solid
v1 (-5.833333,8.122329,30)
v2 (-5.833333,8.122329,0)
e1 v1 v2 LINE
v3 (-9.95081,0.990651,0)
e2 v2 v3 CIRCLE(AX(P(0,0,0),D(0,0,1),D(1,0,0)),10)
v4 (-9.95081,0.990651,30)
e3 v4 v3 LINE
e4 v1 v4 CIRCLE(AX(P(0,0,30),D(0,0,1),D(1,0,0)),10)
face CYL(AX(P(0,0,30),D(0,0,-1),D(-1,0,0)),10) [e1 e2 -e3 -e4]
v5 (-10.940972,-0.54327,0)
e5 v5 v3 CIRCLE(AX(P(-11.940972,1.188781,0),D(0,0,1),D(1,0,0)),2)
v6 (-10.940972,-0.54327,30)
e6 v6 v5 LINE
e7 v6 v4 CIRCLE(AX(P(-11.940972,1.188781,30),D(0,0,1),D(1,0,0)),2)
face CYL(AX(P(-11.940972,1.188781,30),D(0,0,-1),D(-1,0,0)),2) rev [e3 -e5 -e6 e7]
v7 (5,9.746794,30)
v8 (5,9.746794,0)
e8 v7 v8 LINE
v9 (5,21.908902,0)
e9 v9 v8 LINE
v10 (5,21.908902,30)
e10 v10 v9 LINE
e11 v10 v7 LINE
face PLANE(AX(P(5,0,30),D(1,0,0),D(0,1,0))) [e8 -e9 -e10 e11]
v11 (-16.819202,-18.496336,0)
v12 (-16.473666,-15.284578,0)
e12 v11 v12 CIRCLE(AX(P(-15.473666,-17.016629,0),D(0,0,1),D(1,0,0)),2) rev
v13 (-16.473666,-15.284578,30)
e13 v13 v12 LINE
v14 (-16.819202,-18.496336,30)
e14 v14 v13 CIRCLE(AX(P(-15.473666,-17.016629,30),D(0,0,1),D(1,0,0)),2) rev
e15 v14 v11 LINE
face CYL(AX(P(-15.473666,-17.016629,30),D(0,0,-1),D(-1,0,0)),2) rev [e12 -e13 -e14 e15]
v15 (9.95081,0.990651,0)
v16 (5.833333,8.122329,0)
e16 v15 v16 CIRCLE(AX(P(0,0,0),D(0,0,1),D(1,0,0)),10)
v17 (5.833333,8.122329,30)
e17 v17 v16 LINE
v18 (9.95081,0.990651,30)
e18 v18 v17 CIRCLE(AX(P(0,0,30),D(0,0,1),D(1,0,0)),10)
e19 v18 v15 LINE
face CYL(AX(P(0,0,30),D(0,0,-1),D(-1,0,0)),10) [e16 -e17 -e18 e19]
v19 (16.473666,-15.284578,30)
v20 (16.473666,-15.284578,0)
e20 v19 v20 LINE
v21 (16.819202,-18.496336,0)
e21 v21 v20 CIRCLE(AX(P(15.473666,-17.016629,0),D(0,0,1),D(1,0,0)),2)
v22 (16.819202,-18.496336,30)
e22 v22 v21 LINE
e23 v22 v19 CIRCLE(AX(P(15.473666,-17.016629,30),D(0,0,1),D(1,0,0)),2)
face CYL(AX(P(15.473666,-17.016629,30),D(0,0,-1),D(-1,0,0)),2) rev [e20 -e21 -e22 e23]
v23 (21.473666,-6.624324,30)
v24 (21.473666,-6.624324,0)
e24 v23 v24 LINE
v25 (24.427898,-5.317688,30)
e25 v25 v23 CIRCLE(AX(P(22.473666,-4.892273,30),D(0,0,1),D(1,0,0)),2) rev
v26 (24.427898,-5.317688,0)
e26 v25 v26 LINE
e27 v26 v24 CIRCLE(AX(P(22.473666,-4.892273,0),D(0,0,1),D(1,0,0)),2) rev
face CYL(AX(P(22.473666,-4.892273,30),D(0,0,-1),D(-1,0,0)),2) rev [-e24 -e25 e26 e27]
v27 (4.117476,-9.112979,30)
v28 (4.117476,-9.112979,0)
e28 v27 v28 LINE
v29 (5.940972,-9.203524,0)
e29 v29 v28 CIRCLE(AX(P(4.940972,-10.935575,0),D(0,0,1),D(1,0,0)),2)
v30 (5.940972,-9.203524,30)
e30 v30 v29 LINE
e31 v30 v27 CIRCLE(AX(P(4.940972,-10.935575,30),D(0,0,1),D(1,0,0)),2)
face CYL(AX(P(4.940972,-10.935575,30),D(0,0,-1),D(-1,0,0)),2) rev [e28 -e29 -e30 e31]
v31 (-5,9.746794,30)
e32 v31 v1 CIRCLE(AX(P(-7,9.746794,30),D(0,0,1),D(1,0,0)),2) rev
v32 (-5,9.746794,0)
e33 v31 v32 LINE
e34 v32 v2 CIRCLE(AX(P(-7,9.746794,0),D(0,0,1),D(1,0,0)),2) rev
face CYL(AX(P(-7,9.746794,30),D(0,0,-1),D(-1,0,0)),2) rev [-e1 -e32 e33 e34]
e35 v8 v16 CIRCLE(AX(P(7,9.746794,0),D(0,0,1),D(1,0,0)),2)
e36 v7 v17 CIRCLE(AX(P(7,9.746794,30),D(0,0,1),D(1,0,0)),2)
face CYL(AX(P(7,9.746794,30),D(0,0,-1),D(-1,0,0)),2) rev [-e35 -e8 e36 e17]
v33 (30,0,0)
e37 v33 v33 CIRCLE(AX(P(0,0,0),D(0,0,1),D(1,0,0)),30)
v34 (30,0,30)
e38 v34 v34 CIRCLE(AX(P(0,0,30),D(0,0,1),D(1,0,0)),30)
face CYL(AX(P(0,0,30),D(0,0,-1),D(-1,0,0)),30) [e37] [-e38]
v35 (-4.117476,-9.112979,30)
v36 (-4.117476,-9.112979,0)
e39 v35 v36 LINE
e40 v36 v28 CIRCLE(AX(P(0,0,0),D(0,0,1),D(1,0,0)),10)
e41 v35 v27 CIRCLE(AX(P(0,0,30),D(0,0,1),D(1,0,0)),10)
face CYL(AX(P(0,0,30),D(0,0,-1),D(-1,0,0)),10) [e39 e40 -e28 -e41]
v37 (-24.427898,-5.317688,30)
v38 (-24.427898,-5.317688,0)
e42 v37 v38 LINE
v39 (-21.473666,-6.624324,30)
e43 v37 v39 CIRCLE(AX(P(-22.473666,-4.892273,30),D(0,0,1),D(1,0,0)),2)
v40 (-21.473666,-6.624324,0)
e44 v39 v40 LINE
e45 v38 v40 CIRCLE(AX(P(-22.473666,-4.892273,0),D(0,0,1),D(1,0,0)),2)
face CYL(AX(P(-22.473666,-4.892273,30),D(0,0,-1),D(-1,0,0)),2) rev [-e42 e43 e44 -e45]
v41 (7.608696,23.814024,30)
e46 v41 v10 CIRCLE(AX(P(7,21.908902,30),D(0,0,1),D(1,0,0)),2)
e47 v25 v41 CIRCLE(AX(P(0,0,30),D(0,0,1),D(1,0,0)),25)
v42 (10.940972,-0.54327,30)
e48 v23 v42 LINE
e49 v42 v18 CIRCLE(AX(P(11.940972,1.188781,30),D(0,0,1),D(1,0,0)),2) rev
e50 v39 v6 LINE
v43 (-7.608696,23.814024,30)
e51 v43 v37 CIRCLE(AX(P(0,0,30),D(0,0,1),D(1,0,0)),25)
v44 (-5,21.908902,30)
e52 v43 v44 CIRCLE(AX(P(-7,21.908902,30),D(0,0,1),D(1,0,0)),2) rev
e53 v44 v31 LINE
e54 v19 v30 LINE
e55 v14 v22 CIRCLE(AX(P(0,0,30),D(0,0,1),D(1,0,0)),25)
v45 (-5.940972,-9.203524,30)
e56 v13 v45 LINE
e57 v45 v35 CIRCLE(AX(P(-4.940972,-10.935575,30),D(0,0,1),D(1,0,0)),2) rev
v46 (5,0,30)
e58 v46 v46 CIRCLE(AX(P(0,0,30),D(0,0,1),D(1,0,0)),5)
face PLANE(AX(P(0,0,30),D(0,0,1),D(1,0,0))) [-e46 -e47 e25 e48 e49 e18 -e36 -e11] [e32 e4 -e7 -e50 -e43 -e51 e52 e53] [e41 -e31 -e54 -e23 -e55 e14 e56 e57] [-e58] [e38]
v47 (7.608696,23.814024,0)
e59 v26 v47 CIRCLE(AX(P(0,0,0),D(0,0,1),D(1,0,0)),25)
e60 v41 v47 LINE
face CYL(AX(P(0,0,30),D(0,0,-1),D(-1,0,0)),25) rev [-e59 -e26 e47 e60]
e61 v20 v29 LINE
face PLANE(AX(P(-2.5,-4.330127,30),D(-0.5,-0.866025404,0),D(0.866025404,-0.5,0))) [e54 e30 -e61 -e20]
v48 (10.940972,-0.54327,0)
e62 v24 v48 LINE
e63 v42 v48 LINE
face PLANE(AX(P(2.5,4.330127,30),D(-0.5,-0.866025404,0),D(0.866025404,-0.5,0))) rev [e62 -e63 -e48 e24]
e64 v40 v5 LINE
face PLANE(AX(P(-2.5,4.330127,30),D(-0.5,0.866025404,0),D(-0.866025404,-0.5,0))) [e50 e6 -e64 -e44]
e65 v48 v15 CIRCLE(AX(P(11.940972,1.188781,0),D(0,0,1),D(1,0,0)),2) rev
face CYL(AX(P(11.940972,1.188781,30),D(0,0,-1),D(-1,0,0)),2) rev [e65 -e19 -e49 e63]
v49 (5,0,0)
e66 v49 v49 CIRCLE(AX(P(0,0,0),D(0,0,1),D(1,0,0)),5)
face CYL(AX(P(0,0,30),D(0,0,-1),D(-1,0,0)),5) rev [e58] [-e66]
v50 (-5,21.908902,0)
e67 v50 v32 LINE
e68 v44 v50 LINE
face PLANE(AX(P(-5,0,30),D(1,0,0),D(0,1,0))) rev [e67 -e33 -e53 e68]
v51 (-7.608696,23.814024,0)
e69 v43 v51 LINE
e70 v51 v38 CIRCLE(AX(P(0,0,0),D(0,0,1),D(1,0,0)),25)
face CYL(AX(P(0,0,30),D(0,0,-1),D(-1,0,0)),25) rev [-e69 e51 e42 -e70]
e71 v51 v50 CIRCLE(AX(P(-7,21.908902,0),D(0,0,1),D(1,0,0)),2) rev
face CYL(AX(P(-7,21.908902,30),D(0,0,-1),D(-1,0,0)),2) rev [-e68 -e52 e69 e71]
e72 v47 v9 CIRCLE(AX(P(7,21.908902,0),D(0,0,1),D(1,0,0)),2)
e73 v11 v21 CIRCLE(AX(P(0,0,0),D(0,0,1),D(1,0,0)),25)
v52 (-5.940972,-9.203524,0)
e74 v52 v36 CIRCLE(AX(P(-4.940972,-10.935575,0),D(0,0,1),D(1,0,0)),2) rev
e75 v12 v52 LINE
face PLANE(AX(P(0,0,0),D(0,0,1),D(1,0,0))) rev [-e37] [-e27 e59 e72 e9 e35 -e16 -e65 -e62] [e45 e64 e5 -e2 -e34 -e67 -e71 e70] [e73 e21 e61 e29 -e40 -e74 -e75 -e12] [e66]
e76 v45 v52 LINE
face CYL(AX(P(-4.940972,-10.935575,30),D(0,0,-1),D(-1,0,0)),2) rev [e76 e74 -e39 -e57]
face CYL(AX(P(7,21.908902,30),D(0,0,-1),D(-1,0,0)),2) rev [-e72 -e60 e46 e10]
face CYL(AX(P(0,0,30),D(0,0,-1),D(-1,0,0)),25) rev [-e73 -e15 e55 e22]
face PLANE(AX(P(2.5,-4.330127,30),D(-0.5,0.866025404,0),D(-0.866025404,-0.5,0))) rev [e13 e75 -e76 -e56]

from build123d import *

# Parameters (mm, degrees)
SKETCH1_R           = 30
SKETCH1_R_2         = 25
SKETCH1_R_3         = 10
SKETCH1_R_4         = 5
BOSS_EXTRUDE1_DEPTH = 30


with BuildPart() as part:
    # Sketch1 → Boss-Extrude1 (new body)
    # profile 1 of 5: a face of its own
    with BuildSketch(Plane.XY):
        Circle(SKETCH1_R)
        Circle(SKETCH1_R_2, mode=Mode.SUBTRACT)
    # profile 2 of 5: a face of its own
    with BuildSketch(Plane.XY):
        with BuildLine():
            ThreePointArc((-7.608695652, 23.814024239), (-5.820464351, 23.524048006), (-5, 21.9089023))
            Line((-5, 21.9089023), (-5, 9.746794345))
            ThreePointArc((-5, 9.746794345), (-5.220486958, 8.833923416), (-5.833333333, 8.122328621))
            ThreePointArc((-5.833333333, 8.122328621), (0, 10), (5.833333333, 8.122328621))
            ThreePointArc((5.833333333, 8.122328621), (5.220486958, 8.833923416), (5, 9.746794345))
            Line((5, 9.746794345), (5, 21.9089023))
            ThreePointArc((5, 21.9089023), (5.820464351, 23.524048006), (7.608695652, 23.814024239))
            ThreePointArc((7.608695652, 23.814024239), (0, 25), (-7.608695652, 23.814024239))
        make_face()
    # profile 3 of 5: a face of its own
    with BuildSketch(Plane.XY):
        with BuildLine():
            ThreePointArc((-21.473665961, -6.624324131), (-23.282655349, -6.721354014), (-24.427897784, -5.317688395))
            ThreePointArc((-24.427897784, -5.317688395), (-21.650635095, -12.5), (-16.819202132, -18.496335844))
            ThreePointArc((-16.819202132, -18.496335844), (-17.462190998, -16.802693993), (-16.473665961, -15.284578169))
            Line((-16.473665961, -15.284578169), (-5.940971508, -9.203524191))
            ThreePointArc((-5.940971508, -9.203524191), (-5.040158614, -8.938036034), (-4.117476257, -9.112979166))
            ThreePointArc((-4.117476257, -9.112979166), (-8.660254038, -5), (-9.95080959, 0.990650545))
            ThreePointArc((-9.95080959, 0.990650545), (-10.260645572, 0.104112618), (-10.940971508, -0.543270153))
            Line((-10.940971508, -0.543270153), (-21.473665961, -6.624324131))
        make_face()
    # profile 4 of 5: a face of its own
    with BuildSketch(Plane.XY):
        with BuildLine():
            ThreePointArc((10.940971508, -0.543270153), (10.260645572, 0.104112618), (9.95080959, 0.990650545))
            ThreePointArc((9.95080959, 0.990650545), (9.987694827, 0.49593553), (10, 0))
            ThreePointArc((10, 0), (8.40162968, -5.423340181), (4.117476257, -9.112979166))
            ThreePointArc((4.117476257, -9.112979166), (5.040158614, -8.938036034), (5.940971508, -9.203524191))
            Line((5.940971508, -9.203524191), (16.473665961, -15.284578169))
            ThreePointArc((16.473665961, -15.284578169), (17.462190998, -16.802693993), (16.819202132, -18.496335844))
            ThreePointArc((16.819202132, -18.496335844), (21.650635095, -12.5), (24.427897784, -5.317688395))
            ThreePointArc((24.427897784, -5.317688395), (23.282655349, -6.721354014), (21.473665961, -6.624324131))
            Line((21.473665961, -6.624324131), (10.940971508, -0.543270153))
        make_face()
    # profile 5 of 5: a face of its own
    with BuildSketch(Plane.XY):
        Circle(SKETCH1_R_3)
        Circle(SKETCH1_R_4, mode=Mode.SUBTRACT)
    extrude(amount=BOSS_EXTRUDE1_DEPTH)


solid = part.part
